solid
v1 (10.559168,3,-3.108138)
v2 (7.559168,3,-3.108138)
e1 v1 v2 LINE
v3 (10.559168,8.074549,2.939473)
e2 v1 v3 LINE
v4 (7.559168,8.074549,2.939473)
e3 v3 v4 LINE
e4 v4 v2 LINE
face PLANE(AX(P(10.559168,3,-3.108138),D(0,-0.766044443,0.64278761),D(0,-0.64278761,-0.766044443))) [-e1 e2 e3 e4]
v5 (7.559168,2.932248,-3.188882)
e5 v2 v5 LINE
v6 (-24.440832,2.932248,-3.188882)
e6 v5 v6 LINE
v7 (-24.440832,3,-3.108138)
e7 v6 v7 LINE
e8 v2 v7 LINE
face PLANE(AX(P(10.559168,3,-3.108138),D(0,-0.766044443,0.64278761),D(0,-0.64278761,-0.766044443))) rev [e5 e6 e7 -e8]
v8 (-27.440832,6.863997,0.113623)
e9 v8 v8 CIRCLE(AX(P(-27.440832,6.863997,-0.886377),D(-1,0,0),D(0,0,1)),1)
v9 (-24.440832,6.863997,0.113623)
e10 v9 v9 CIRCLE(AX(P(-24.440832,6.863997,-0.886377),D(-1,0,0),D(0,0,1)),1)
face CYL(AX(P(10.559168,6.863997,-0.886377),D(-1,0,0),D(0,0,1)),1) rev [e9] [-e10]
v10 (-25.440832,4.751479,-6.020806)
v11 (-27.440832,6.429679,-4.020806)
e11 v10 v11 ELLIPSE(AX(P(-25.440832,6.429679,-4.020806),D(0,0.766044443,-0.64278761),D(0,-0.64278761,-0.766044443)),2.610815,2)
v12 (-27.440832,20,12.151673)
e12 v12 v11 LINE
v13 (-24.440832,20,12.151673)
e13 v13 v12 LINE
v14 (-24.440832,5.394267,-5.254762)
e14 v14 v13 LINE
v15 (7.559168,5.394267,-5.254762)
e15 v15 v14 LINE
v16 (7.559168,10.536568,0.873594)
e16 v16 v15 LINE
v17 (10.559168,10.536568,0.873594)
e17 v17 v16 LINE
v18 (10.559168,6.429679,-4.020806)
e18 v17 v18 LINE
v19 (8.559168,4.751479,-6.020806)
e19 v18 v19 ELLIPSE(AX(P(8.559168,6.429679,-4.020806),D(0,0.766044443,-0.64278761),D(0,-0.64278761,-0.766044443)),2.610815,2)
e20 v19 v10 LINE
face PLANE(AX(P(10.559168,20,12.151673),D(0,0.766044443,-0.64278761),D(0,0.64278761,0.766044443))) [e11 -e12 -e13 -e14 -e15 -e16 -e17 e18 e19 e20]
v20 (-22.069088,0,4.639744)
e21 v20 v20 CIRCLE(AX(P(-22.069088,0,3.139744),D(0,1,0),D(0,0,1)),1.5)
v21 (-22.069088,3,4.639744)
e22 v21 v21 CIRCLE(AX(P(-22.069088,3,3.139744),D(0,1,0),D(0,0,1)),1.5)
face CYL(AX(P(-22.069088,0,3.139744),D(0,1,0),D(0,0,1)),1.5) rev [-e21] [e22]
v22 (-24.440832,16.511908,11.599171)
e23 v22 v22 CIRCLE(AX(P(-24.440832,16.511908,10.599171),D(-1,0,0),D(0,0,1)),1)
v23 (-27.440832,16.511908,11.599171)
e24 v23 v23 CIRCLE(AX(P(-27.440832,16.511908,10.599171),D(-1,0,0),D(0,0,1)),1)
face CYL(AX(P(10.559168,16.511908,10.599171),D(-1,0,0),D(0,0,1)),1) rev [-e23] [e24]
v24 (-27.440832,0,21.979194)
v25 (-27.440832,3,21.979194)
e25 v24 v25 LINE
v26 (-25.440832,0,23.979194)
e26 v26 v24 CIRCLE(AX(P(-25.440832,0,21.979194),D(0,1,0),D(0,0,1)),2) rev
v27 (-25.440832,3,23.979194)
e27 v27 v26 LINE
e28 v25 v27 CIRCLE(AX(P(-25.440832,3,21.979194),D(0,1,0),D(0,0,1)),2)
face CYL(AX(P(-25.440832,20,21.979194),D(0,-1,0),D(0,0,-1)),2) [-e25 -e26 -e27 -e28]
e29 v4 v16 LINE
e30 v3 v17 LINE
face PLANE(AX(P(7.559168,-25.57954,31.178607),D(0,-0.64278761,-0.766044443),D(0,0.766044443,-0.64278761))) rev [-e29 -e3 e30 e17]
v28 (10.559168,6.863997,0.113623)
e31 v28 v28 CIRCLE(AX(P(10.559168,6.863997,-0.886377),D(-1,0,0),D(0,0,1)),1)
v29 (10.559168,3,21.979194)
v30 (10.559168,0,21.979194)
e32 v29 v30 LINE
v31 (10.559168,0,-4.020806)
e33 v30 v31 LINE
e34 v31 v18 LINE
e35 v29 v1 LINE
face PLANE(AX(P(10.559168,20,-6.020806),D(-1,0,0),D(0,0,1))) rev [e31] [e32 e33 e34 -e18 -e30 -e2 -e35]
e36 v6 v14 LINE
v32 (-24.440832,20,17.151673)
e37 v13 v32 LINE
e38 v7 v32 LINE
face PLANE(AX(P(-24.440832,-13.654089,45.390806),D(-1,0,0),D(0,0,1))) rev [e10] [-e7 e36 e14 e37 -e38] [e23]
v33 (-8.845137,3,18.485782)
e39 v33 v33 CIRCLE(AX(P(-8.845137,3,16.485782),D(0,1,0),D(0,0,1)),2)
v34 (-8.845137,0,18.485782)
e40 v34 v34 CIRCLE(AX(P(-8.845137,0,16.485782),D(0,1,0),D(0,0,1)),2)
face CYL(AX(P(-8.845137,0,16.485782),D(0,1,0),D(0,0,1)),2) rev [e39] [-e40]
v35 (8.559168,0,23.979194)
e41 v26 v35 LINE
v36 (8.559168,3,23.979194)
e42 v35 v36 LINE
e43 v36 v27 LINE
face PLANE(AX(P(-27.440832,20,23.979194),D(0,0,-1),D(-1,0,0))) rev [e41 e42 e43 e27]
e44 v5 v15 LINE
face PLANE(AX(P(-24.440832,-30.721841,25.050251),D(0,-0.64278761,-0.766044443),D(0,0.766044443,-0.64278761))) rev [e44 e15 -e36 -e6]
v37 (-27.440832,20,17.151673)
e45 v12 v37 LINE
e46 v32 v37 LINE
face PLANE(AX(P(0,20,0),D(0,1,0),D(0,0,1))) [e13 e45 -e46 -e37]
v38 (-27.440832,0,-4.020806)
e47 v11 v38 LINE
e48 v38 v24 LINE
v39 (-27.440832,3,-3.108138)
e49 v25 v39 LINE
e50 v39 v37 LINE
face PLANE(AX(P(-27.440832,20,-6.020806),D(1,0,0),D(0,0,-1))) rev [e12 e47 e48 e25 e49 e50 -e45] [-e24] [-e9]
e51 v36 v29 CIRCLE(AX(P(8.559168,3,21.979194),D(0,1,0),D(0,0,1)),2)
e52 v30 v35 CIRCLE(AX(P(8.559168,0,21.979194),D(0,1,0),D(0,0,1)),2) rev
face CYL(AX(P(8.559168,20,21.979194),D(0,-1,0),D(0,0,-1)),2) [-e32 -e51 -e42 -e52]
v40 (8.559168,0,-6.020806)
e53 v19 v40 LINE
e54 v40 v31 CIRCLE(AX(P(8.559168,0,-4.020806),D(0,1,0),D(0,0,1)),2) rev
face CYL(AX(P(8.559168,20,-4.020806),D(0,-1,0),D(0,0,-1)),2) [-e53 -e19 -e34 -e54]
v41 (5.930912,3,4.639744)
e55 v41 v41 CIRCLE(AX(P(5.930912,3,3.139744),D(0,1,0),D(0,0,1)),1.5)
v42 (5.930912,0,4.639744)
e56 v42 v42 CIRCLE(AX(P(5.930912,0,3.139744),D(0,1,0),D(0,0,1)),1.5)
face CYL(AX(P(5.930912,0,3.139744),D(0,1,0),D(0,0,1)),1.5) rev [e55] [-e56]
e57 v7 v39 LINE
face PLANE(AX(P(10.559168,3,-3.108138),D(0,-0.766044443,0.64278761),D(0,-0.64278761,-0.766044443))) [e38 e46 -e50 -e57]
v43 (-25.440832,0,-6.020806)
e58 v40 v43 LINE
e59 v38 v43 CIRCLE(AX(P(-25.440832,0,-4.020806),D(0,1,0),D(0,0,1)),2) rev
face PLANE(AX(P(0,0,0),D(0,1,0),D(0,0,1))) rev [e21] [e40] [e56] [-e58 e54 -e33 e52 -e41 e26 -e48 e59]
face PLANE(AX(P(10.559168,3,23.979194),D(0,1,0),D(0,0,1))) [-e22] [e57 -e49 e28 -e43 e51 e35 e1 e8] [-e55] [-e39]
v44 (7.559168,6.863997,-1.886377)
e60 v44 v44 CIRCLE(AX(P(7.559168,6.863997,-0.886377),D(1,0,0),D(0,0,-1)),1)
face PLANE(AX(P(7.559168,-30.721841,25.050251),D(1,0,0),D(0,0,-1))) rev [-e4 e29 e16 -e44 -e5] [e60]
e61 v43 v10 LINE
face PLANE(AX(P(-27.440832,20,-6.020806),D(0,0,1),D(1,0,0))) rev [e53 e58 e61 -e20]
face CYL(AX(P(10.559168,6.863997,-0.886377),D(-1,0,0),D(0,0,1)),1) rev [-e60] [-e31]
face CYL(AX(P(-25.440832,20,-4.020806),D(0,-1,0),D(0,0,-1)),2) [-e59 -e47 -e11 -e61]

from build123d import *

# Parameters (mm, degrees)
SKETCH_1_W          = 38
SKETCH_1_H          = 30
EXTRUDE_1_DEPTH     = 20
SKETCH_2_OUTSIDE_W  = 42.476
SKETCH_2_OUTSIDE_H  = 32.476
CUT_EXTRUDE_1_DEPTH = 50.18334813
CUT_EXTRUDE_2_DEPTH = 3.213938048
SKETCH_5_R          = 1
CUT_EXTRUDE_3_DEPTH = 50.18334813
SKETCH_6_R          = 2
CUT_EXTRUDE_4_DEPTH = 41.211951058
SKETCH_7_R          = 1.5
CUT_EXTRUDE_5_DEPTH = 41.211951058
FILLET_1_R          = 2


with BuildPart() as part:
    # 草图1 → 凸台-拉伸1 (new body)
    with BuildSketch(Plane(origin=(0, 0, 0), x_dir=(1, 0, 0), z_dir=(0, 1, 0))):
        with Locations((-8.44083225, -8.979193758)):
            Rectangle(SKETCH_1_W, SKETCH_1_H)
    extrude(amount=EXTRUDE_1_DEPTH)

    # 草图2 outside → 切除-拉伸1 (cut, through all)
    with BuildSketch(Plane.ZY.offset(27.44083225)):
        with Locations((8.979, 10)):
            Rectangle(SKETCH_2_OUTSIDE_W, SKETCH_2_OUTSIDE_H)
        Polygon((23.979193758, 3), (-3.108138222, 3), (17.151672852, 20), (12.151672852, 20), (-6.020806242, 4.751479495), (-6.020806242, 0), (23.979193758, 0), align=None, mode=Mode.SUBTRACT)
    extrude(amount=-CUT_EXTRUDE_1_DEPTH, mode=Mode.SUBTRACT)

    # 草图4 → 切除-拉伸2 (cut)
    with BuildSketch(Plane(origin=(0, 5.752950958, -4.827299027), x_dir=(1, 0, 0), z_dir=(0, 0.7660444431189813, -0.6427876096865356))):
        Polygon((-24.44083225, -25.994695872), (-24.44083225, 0.558013018), (7.55916775, 0.558013018), (7.55916775, -7.441986982), (10.55916775, -7.441986982), (10.55916775, -25.994695872), align=None)
    extrude(amount=-CUT_EXTRUDE_2_DEPTH, mode=Mode.SUBTRACT)

    # 草图5 → 切除-拉伸3 (cut, through all)
    with BuildSketch(Plane.ZY.offset(27.44083225)):
        with Locations((-0.886376682, 6.863996586)):
            Circle(SKETCH_5_R)
        with Locations((10.599170775, 16.511908257)):
            Circle(SKETCH_5_R)
    extrude(amount=-CUT_EXTRUDE_3_DEPTH, mode=Mode.SUBTRACT)

    # 草图6 → 切除-拉伸4 (cut, through all)
    with BuildSketch(Plane(origin=(0, 3, 0), x_dir=(1, 0, 0), z_dir=(0, 1, 0))):
        with Locations(Location((-8.84513683, -16.485782133, 0), (0, 0, 270))):
            Circle(SKETCH_6_R)
    extrude(amount=-CUT_EXTRUDE_4_DEPTH, mode=Mode.SUBTRACT)

    # 草图7 → 切除-拉伸5 (cut, through all)
    with BuildSketch(Plane(origin=(0, 3, 0), x_dir=(1, 0, 0), z_dir=(0, 1, 0))):
        with Locations(Location((-22.069088403, -3.139744133, 0), (0, 0, 270))):
            Circle(SKETCH_7_R)
        with Locations(Location((5.930911597, -3.139744133, 0), (0, 0, 270))):
            Circle(SKETCH_7_R)
    extrude(amount=-CUT_EXTRUDE_5_DEPTH, mode=Mode.SUBTRACT)

    # 圆角1
    fillet_1_edges = [part.edges().sort_by_distance(p)[0] for p in [
        (-27.44083225, 2.375739747, -6.020806242),
        (10.55916775, 2.375739747, -6.020806242),
        (10.55916775, 1.5, 23.979193758),
        (-27.44083225, 1.5, 23.979193758),
    ]]
    fillet(fillet_1_edges, radius=FILLET_1_R)


solid = part.part
